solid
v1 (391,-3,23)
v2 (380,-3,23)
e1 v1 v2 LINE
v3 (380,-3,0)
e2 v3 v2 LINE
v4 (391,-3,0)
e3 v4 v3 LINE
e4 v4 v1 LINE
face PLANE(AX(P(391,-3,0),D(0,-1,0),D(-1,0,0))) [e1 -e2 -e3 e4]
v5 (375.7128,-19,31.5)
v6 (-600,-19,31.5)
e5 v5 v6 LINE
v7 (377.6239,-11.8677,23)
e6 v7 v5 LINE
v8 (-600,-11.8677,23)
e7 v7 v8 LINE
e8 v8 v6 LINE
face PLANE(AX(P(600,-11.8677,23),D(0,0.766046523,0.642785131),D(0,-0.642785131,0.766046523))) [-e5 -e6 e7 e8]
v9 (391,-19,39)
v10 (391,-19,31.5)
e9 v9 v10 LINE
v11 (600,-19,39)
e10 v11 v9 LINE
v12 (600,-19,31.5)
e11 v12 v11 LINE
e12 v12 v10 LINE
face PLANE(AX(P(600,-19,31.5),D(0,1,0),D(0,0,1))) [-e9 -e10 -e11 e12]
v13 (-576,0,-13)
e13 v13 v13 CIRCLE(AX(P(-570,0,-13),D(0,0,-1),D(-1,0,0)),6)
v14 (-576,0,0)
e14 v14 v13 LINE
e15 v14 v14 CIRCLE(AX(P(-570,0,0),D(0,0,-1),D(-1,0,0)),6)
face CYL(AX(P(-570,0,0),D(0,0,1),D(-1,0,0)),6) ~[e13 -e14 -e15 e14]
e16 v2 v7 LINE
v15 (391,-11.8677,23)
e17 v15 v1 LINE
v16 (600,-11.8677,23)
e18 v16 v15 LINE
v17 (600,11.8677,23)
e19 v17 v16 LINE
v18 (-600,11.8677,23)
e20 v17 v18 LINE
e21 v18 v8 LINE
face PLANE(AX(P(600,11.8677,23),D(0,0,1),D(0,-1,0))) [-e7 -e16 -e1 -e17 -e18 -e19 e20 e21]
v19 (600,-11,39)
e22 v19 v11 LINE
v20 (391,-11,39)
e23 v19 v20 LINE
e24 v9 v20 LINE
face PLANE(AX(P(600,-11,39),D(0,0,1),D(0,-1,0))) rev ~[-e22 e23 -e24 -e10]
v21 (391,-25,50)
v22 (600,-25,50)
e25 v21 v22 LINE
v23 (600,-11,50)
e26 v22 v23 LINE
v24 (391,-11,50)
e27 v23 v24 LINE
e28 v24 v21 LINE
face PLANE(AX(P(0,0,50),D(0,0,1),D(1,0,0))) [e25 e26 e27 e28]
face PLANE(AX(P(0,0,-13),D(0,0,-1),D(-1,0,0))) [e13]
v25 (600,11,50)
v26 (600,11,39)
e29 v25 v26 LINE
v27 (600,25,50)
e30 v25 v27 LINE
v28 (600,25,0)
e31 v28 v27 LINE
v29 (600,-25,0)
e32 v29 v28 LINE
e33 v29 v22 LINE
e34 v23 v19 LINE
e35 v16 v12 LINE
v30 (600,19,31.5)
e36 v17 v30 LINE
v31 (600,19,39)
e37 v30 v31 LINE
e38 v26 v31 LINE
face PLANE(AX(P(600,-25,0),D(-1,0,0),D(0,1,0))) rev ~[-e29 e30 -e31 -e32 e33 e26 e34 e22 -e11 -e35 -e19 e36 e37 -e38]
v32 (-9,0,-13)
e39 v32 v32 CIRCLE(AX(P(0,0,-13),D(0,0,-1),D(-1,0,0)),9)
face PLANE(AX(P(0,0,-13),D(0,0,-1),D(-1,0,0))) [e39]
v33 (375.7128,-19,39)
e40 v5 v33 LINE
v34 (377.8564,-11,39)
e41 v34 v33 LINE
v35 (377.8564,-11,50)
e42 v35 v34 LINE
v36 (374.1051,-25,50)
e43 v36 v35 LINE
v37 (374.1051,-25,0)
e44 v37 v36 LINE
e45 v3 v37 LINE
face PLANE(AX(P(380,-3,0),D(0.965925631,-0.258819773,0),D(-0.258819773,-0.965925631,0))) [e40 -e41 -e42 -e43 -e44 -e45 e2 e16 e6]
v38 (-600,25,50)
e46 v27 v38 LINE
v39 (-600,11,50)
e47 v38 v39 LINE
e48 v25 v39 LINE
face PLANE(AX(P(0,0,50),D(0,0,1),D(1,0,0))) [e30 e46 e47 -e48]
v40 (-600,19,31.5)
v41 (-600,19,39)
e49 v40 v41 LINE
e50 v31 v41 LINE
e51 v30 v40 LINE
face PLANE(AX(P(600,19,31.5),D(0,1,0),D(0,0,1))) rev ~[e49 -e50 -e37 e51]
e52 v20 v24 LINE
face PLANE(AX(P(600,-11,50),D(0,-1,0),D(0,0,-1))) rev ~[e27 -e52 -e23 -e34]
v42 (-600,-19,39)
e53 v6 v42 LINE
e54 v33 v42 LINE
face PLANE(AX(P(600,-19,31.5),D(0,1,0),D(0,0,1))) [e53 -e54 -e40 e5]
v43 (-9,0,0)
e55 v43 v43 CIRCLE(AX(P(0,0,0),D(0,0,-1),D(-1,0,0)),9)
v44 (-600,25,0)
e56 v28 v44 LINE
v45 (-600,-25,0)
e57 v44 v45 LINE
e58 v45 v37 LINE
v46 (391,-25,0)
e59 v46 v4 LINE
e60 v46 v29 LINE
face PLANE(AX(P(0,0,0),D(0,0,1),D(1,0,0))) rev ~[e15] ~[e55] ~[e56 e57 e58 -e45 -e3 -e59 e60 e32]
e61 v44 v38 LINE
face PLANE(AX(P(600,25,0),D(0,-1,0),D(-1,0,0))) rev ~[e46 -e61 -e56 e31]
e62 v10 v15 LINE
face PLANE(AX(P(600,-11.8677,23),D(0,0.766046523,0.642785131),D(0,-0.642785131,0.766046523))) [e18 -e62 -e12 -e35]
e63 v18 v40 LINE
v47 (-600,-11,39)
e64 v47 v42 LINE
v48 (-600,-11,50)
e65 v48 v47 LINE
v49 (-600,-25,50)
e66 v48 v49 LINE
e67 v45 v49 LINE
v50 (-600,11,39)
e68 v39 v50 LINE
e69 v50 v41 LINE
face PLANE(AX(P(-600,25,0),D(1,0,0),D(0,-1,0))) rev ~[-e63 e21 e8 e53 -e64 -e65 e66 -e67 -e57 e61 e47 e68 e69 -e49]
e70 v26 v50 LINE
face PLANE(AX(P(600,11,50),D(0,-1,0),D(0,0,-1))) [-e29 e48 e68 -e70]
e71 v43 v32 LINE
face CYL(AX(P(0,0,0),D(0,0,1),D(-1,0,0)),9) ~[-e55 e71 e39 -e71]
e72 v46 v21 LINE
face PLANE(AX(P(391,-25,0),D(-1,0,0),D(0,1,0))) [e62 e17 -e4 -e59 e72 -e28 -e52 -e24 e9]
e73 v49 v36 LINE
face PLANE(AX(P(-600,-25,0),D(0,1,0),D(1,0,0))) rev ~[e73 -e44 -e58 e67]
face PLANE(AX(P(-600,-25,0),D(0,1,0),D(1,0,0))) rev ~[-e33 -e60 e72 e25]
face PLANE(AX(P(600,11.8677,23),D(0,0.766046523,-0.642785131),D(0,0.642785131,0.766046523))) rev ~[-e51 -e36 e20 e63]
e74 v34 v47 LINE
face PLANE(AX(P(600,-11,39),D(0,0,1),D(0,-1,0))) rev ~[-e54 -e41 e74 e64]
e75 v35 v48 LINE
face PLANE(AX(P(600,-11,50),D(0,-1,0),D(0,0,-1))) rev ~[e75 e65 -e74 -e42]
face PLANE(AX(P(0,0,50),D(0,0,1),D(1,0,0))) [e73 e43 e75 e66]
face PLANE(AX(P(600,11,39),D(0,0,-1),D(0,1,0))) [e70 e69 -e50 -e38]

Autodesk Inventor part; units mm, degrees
ref_plane "YZ Plane" through (0, 0, 0) normal (1, 0, 0) x (0, 1, 0)
ref_plane "XZ Plane" through (0, 0, 0) normal (0, 1, 0) x (-1, 0, 0)
ref_plane "XY Plane" through (0, 0, 0) normal (0, 0, 1) x (1, 0, 0)
sketch "Sketch1" plane through (0, 0, 0) normal (0, 0, 1) x (1, 0, 0)
  line L0 (-600, -25) -> (600, -25)
  line L1 (600, -25) -> (600, 25)
  line L2 (600, 25) -> (-600, 25)
  line L3 (-600, 25) -> (-600, -25)
  line L4 (-600, -25) -> (600, 25) construction
  line L5 (600, -25) -> (-600, 25) construction
  point P0 (0, 0)
  dimension "d0" = 1200
  dimension "d1" = 50
extrude "Extrusion1" add sketch "Sketch1" along normal blind 50
sketch "Sketch2" plane through (0, 0, 0) normal (0, 0, -1) x (-1, 0, 0)
  circle A0 centre (0, 0) radius 9
  circle A1 centre (570, 0) radius 6
  line L0 (600, 25) -> (600, -25) projected
  line L1 (-600, 25) -> (600, 25) projected
  dimension "d13" = 18
  dimension "d20" = 30
  dimension "d21" = 12
  dimension "d22" = 50
  dimension "d23" = 25
extrude "Extrusion2" add sketch "Sketch2" along normal blind 13
sketch "Sketch5" plane through (0, 0, 0) normal (0, 0, -1) x (-1, 0, 0)
  line L0 (600, -25) -> (-600, -25) projected
  line L1 (-391, -25) -> (-391, -3)
  line L2 (-391, -3) -> (-380, -3)
  line L3 (-380, -3) -> (-380, -25) construction
  line L4 (-380, -3) -> (-374.1051, -25)
  point P0 (0, 0)
  dimension "d30" = 15
  dimension "d31" = 22
  dimension "d32" = 11
  dimension "d33" = 209
extrude "Extrusion4" cut sketch "Sketch5" against normal through all
sketch "Sketch6" plane through (600, -25, 0) normal (1, 0, 0) x (0, 0, -1)
  line L0 (-50, 0) -> (-50, 50) projected
  line L1 (0, 50) -> (-50, 50) projected
  line L2 (0, 0) -> (0, 50) projected
  line L3 (0, 50) -> (-50, 50) projected
  line L4 (-50, 0) -> (-50, 50) projected
  line L5 (0, 0) -> (-50, 0) projected
  line L6 (-50, 36) -> (-39, 36)
  line L7 (-39, 36) -> (-39, 44)
  line L8 (-50, 14) -> (-39, 14)
  line L9 (-39, 14) -> (-39, 6)
  line L10 (-23, 36.8677) -> (-23, 13.1323)
  line L11 (-23, 36.8677) -> (-31.5, 44)
  line L12 (-31.5, 44) -> (-39, 44)
  line L13 (-23, 13.1323) -> (-31.5, 6)
  line L14 (-31.5, 6) -> (-39, 6)
  point P0 (0, 25)
  dimension "d36" = 14
  dimension "d37" = 14
  dimension "d38" = 8
  dimension "d42" = 16
  dimension "d43" = 11
  dimension "d44" = 7.5
  dimension "d88" = 140
  dimension "d89" = 140
extrude "Extrusion5" cut sketch "Sketch6" against normal through all contours L0 L6 L7 L12 L11 L10 L13 L14 L9 L8
equation "\"d23\" = 0.5 * d22"
equation "\"d37\" = d36"
equation "\"d89\" = d88"
properties part number "u_lange_Stange" material "Birch"
